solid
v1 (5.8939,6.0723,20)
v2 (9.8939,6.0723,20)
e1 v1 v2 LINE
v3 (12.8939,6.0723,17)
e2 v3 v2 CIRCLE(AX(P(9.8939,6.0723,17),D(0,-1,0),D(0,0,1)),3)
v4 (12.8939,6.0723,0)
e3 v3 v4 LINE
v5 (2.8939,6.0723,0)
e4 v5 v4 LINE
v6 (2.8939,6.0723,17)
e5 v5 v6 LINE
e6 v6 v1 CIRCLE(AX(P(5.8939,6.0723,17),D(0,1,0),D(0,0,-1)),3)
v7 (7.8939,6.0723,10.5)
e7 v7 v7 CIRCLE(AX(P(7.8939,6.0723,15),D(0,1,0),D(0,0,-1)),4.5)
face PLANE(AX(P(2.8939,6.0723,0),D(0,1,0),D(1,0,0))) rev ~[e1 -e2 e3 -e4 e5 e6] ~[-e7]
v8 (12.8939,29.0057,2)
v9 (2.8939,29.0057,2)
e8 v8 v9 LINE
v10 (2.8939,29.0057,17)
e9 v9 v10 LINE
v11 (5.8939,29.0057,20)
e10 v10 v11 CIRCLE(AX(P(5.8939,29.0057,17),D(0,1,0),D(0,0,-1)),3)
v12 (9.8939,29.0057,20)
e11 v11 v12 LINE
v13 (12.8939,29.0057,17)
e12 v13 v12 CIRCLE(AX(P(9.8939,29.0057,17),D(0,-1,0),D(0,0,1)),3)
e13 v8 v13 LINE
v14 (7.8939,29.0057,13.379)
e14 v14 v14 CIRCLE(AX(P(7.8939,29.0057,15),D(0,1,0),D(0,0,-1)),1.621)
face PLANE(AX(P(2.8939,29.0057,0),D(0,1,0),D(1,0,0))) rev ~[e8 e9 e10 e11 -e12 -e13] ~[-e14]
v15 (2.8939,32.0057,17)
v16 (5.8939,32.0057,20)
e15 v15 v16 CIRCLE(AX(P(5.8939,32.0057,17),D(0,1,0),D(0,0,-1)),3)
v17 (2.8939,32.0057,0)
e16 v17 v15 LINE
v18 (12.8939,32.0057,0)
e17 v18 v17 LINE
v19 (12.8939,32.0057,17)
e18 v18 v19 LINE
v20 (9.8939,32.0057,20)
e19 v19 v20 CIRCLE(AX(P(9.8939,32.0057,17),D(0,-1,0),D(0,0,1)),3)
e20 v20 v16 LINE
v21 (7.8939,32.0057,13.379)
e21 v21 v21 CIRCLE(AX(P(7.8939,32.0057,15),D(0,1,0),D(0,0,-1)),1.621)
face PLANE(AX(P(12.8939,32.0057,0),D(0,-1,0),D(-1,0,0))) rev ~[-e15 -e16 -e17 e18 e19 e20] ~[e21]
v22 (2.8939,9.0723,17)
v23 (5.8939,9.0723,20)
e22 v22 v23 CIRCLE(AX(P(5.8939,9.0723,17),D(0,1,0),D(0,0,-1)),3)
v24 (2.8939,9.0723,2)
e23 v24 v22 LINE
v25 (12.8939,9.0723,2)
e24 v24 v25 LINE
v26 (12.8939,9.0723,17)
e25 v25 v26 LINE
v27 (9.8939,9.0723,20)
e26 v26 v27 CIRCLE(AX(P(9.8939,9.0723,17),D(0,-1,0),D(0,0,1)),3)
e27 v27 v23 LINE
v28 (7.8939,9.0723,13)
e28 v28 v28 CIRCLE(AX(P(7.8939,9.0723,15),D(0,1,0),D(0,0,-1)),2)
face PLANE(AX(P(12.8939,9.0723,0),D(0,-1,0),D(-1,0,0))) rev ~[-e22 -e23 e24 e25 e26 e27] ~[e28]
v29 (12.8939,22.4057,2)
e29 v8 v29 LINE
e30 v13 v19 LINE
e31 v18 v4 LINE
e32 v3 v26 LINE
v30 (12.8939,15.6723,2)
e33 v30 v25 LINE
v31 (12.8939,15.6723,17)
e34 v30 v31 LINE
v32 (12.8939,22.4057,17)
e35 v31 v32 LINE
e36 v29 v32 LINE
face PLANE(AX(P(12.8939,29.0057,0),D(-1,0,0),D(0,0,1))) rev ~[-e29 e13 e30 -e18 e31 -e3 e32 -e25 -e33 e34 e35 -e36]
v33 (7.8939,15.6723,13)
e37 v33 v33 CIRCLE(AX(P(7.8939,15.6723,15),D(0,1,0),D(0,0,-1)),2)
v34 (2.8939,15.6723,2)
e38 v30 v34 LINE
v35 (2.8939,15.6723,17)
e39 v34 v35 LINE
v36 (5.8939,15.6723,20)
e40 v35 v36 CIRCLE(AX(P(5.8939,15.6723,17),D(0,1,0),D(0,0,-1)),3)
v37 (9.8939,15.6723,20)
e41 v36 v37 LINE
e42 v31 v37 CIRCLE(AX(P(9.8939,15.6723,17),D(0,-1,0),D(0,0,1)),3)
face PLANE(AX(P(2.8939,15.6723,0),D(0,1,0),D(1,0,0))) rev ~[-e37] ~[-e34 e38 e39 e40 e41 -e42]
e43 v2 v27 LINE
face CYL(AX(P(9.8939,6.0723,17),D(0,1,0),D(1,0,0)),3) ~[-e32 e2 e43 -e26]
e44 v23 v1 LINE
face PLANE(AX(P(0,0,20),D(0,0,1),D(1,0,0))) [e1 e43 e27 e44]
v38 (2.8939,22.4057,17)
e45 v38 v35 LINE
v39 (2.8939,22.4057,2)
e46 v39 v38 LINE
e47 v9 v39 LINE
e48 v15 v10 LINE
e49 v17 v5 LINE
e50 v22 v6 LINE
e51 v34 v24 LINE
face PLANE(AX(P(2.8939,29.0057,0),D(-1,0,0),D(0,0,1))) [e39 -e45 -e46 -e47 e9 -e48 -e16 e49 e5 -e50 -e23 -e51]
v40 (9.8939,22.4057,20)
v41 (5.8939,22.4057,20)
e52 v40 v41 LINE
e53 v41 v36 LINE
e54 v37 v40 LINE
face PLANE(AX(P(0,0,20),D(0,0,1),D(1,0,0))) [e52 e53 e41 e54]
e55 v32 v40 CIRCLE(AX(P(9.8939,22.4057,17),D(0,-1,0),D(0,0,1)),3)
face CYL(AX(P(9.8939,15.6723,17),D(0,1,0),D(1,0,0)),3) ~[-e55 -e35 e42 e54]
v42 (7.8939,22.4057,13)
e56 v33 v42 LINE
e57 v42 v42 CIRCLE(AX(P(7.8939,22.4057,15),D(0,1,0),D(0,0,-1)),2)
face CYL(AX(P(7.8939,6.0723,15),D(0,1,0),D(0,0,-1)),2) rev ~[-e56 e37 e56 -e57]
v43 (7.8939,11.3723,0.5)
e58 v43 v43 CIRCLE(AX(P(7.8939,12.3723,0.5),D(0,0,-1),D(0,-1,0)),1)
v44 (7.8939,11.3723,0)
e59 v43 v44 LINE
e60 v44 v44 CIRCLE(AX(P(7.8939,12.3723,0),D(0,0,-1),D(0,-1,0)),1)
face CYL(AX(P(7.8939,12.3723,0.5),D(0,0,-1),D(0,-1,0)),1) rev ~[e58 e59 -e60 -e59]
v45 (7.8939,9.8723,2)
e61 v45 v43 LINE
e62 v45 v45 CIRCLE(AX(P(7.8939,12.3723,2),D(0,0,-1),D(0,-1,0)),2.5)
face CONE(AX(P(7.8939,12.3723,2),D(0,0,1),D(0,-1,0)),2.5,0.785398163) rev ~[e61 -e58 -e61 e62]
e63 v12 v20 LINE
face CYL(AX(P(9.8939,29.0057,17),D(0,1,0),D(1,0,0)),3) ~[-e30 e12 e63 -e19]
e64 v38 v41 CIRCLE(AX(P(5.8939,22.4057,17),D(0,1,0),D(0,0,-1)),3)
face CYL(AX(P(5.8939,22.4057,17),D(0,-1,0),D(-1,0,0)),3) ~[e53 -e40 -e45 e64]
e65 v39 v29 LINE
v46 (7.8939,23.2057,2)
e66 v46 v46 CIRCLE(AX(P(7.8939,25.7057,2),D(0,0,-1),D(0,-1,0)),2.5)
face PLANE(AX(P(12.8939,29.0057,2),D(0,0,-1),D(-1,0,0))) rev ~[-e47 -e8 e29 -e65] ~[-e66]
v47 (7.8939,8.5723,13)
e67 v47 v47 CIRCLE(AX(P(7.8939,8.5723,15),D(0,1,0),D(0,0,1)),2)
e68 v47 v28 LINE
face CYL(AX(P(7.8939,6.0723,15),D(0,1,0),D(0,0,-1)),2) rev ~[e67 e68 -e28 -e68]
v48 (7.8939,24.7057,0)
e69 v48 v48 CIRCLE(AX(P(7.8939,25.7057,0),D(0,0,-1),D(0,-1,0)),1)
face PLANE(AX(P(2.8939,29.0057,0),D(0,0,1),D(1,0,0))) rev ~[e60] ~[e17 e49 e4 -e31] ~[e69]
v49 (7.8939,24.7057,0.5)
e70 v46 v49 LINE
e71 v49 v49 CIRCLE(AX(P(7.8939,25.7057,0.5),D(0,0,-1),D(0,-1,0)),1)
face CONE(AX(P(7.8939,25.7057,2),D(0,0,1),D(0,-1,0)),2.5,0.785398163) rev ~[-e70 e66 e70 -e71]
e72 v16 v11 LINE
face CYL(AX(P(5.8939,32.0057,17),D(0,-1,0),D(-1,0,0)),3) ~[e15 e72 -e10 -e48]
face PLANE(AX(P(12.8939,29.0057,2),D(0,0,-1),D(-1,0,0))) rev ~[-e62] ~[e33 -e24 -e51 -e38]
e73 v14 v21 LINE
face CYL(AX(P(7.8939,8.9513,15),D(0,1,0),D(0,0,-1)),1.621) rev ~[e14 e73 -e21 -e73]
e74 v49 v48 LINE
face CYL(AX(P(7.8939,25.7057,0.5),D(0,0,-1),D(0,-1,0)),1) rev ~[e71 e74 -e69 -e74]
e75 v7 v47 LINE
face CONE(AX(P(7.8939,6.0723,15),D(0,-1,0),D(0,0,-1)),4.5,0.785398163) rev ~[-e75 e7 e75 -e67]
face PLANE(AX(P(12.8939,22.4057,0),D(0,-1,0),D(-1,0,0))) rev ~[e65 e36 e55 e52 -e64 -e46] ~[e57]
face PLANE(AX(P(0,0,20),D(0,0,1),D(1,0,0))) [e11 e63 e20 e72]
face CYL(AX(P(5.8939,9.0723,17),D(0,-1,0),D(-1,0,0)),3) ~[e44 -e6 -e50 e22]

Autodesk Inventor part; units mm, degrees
ref_plane "YZ Plane" through (0, 0, 0) normal (1, 0, 0) x (0, 1, 0)
ref_plane "XZ Plane" through (0, 0, 0) normal (0, 1, 0) x (-1, 0, 0)
ref_plane "XY Plane" through (0, 0, 0) normal (0, 0, 1) x (1, 0, 0)
sketch "Skizze1" plane through (0, 0, 0) normal (0, 0, 1) x (1, 0, 0)
  line L0 (12.8939, 32.0057) -> (2.8939, 32.0057)
  line L1 (2.8939, 32.0057) -> (2.8939, 29.0057)
  line L2 (2.8939, 29.0057) -> (12.8939, 29.0057)
  line L3 (12.8939, 29.0057) -> (12.8939, 32.0057)
  line L4 (12.8939, 9.0723) -> (2.8939, 9.0723)
  line L5 (2.8939, 9.0723) -> (2.8939, 6.0723)
  line L6 (2.8939, 6.0723) -> (12.8939, 6.0723)
  line L7 (12.8939, 6.0723) -> (12.8939, 9.0723)
  line L8 (2.8939, 15.6723) -> (12.8939, 15.6723)
  line L9 (12.8939, 15.6723) -> (12.8939, 22.4057)
  line L10 (12.8939, 22.4057) -> (2.8939, 22.4057)
  line L11 (2.8939, 22.4057) -> (2.8939, 15.6723)
  line L12 (2.8939, 9.0723) -> (2.8939, 15.6723) construction
  line L13 (2.8939, 22.4057) -> (2.8939, 29.0057) construction
  point P0 (0, 0)
  point P1 (7.8939, 9.0723)
  dimension "d0" = 10
  dimension "d1" = 3
  dimension "d2" = 3
  dimension "d35" = 25.9333
  dimension "d38" = 6.6
  dimension "d39" = 6.7333
extrude "Extrusion1" add sketch "Skizze1" along normal blind 20
fillet "Rundung1" radius 3 6 edges at (12.8939, 7.5723, 20) (12.8939, 30.5057, 20) (2.8939, 30.5057, 20) (2.8939, 7.5723, 20) (12.8939, 19.039, 20) (2.8939, 19.039, 20)
sketch "Skizze2" plane through (2.8939, 6.0723, 0) normal (0, -1, 0) x (1, 0, 0)
  circle A0 centre (5, 15) radius 5 construction
  line L0 (10, 0) -> (10, 17) construction
  line L1 (0, 0) -> (0, 17) construction
  line L2 (3, 20) -> (7, 20) construction
  point P0 (-2.8939, 0)
hole "Bohrung1" at (7.8939, 6.0723, 15) direction (0, 1, 0) diameter 3.242 end through all countersink diameter 9 countersink angle 90 thread size "M4x0.7" class "6H" standard "ISO Metric profile"
sketch "Skizze3" plane through (2.8939, 29.0057, 0) normal (0, -1, 0) x (1, 0, 0)
  line L0 (0, 0) -> (10, 0) projected
  line L1 (10, 0) -> (10, 2)
  line L2 (10, 0) -> (10, 17) projected
  line L3 (10, 2) -> (0, 2)
  line L4 (0, 0) -> (0, 17) projected
  point P0 (-2.8939, 0)
  dimension "d15" = 2
extrude "Extrusion2" add sketch "Skizze3" along normal through all
sketch "Skizze4" plane through (2.8939, 29.0057, 2) normal (0, 0, 1) x (1, 0, 0)
  line L0 (5, -16.6333) -> (10, -16.6333) construction
  line L1 (10, -16.6333) -> (10, 0) construction
  line L2 (10, -16.6333) -> (10, -19.9333) construction
  line L3 (5, -3.3) -> (0, -3.3) construction
  line L4 (0, 0) -> (0, -3.3) construction
  line L5 (5, -16.6333) -> (0, -16.6333) construction
  line L6 (0, 0) -> (0, -19.9333) construction
  point P0 (-2.8939, -29.0057)
  dimension "d34" = 13.3333
hole "Bohrung2" at (7.8939, 25.7057, 2) at (7.8939, 12.3723, 2) direction (0, 0, -1) diameter 2 end through all countersink diameter 5 countersink angle 90
sketch "Skizze5" plane through (2.8939, 6.0723, 0) normal (0, -1, 0) x (1, 0, 0)
  circle A0 centre (5, 15) radius 4.5 projected
  point P0 (-2.8939, 0)
hole "Bohrung3" at (7.8939, 6.0723, 15) direction (0, 1, 0) diameter 4 depth 22.9333
properties part number "HalterUmlenkrolleDPL" material "PC/ABS-Kunststoff, 3DDruck, PLA"
